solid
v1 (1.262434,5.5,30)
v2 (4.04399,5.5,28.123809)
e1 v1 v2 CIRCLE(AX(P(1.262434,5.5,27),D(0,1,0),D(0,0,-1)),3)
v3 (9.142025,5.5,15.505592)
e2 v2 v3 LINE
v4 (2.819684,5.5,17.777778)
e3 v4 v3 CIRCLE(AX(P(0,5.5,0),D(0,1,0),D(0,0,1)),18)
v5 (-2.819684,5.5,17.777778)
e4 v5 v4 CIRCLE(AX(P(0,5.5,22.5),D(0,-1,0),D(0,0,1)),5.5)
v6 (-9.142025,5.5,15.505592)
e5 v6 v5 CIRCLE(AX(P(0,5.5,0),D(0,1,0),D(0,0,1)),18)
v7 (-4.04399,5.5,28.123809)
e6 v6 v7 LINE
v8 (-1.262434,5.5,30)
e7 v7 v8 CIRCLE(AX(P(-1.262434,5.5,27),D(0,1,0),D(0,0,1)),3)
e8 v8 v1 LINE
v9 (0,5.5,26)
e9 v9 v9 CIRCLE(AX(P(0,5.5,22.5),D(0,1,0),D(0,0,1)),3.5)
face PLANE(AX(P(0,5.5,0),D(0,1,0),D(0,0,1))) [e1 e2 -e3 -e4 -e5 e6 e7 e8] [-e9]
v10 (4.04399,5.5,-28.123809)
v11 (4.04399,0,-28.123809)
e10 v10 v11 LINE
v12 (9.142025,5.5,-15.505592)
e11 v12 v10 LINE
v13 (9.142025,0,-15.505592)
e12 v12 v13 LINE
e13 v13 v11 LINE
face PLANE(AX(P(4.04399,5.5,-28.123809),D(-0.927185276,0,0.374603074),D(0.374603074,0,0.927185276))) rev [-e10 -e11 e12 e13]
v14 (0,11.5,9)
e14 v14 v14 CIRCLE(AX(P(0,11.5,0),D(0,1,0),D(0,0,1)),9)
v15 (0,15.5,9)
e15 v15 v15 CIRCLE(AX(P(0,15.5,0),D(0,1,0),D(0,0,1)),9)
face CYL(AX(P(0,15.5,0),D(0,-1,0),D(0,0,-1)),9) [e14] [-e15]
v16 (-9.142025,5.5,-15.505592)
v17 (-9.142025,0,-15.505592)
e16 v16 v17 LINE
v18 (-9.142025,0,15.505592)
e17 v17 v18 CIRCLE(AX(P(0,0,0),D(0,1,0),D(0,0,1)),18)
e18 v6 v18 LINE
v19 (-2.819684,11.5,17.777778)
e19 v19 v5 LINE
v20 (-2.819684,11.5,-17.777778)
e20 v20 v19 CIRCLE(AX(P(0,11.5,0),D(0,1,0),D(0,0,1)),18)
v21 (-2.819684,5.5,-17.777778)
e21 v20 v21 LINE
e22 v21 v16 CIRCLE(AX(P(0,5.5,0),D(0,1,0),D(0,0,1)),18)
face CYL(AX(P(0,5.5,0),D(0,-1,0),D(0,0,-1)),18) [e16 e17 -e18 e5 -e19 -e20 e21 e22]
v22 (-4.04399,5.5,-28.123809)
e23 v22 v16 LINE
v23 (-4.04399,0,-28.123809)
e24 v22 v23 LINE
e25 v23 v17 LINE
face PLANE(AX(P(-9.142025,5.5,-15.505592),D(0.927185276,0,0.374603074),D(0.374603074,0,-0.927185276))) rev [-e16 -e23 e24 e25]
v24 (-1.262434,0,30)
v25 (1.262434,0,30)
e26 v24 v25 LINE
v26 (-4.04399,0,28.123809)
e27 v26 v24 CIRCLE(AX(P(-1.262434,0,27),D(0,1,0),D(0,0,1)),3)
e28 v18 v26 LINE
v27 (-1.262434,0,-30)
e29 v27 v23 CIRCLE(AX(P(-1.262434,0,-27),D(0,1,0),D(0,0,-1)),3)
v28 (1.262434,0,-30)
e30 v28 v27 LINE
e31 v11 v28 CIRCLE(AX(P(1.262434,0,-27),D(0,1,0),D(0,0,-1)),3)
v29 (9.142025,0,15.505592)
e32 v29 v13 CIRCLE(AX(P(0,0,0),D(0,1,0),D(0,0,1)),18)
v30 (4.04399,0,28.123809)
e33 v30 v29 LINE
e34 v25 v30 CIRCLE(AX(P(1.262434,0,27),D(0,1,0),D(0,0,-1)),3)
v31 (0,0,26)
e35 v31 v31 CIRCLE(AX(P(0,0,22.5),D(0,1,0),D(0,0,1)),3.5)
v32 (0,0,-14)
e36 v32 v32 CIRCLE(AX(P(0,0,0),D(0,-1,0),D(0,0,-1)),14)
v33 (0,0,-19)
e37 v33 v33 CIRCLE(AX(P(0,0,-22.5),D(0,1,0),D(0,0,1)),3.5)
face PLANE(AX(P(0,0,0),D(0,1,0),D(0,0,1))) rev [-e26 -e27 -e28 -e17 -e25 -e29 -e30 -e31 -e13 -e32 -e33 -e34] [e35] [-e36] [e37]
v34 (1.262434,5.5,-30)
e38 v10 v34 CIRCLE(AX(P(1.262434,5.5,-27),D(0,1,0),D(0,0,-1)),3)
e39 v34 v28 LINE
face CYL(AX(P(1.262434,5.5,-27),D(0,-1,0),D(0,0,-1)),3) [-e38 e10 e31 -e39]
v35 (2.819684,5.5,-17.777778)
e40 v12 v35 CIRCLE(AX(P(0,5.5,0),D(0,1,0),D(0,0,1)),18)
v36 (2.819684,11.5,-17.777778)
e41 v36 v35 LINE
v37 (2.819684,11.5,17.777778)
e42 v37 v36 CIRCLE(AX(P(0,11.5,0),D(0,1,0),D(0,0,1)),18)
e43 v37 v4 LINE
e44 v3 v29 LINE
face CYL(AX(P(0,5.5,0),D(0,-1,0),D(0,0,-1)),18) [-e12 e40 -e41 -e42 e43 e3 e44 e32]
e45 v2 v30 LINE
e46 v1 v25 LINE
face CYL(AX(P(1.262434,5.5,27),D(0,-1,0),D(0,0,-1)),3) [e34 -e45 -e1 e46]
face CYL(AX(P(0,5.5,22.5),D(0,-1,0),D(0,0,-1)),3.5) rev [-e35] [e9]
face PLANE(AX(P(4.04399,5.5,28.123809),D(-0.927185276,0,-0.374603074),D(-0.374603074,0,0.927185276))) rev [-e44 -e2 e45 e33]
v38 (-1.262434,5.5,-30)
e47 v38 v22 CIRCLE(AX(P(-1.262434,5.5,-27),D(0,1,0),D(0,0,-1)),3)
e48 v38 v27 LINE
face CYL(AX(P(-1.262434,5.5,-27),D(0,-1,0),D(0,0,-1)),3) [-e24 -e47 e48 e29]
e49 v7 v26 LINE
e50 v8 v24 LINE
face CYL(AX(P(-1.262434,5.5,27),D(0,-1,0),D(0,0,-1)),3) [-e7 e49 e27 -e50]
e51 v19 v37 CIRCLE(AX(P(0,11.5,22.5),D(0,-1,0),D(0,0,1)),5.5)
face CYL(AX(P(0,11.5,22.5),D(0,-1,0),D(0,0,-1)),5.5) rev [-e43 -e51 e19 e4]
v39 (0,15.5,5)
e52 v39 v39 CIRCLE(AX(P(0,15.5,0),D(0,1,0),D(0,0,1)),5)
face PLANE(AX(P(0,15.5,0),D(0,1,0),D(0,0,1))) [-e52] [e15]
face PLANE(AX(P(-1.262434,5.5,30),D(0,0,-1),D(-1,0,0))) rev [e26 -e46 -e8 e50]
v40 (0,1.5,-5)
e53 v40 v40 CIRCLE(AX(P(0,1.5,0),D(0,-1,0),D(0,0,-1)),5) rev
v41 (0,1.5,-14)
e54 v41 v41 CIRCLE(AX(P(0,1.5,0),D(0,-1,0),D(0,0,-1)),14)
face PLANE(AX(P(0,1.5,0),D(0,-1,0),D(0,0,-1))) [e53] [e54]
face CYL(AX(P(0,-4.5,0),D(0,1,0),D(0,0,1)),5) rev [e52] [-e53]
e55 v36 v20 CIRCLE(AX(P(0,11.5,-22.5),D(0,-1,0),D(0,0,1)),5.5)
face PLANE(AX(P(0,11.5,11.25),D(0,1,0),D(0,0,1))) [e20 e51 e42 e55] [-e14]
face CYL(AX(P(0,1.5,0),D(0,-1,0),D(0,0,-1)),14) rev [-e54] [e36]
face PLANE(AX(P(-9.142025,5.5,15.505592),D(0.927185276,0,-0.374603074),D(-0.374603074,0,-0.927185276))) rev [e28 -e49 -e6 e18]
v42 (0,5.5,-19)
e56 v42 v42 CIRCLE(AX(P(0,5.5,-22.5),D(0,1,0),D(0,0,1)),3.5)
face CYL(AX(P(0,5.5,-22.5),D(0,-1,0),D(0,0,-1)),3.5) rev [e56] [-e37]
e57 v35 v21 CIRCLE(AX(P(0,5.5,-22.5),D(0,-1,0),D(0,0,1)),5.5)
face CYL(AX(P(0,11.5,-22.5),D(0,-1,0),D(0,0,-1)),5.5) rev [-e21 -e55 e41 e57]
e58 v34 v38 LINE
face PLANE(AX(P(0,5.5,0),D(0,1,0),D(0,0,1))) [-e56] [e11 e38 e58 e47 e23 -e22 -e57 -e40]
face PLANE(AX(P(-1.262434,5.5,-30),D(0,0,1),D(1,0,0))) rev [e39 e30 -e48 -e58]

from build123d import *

# Parameters (mm, degrees)
SKETCH1_R      = 3.5
EXTRUDE1_DEPTH = 5.5
EXTRUDE2_DEPTH = 6
SKETCH3_R      = 9
EXTRUDE3_DEPTH = 4
SKETCH4_R      = 5
EXTRUDE4_DEPTH = 20
SKETCH5_R      = 14
EXTRUDE5_DEPTH = 1.5


with BuildPart() as part:
    # Sketch1 → Extrude1 (new body)
    with BuildSketch(Plane(origin=(0, 0, 0), x_dir=(1, 0, 0), z_dir=(0, 1, 0))):
        with BuildLine():
            Line((-9.142025191, 15.505591746), (-4.043990115, 28.123809223))
            ThreePointArc((-4.043990115, 28.123809223), (-2.940017716, 29.487109534), (-1.262434286, 30))
            Line((-1.262434286, 30), (1.262434286, 30))
            ThreePointArc((1.262434286, 30), (2.940017716, 29.487109534), (4.043990115, 28.123809223))
            Line((4.043990115, 28.123809223), (9.142025191, 15.505591746))
            ThreePointArc((9.142025191, 15.505591746), (18, 0), (9.142025191, -15.505591746))
            Line((9.142025191, -15.505591746), (4.043990115, -28.123809223))
            ThreePointArc((4.043990115, -28.123809223), (2.940017716, -29.487109534), (1.262434286, -30))
            Line((1.262434286, -30), (-1.262434286, -30))
            ThreePointArc((-1.262434286, -30), (-2.940017716, -29.487109534), (-4.043990115, -28.123809223))
            Line((-4.043990115, -28.123809223), (-9.142025191, -15.505591746))
            ThreePointArc((-9.142025191, -15.505591746), (-18, 0), (-9.142025191, 15.505591746))
        make_face()
        with Locations(Location((0, 22.5, 0), (0, 0, 270))):
            Circle(SKETCH1_R, mode=Mode.SUBTRACT)
        with Locations(Location((0, -22.5, 0), (0, 0, 270))):
            Circle(SKETCH1_R, mode=Mode.SUBTRACT)
    extrude(amount=EXTRUDE1_DEPTH)

    # Sketch2 → Extrude2 (add)
    with BuildSketch(Plane(origin=(0, 5.5, 0), x_dir=(1, 0, 0), z_dir=(0, 1, 0))):
        with BuildLine():
            ThreePointArc((2.819683898, -17.777777778), (18, 0), (2.819683898, 17.777777778))
            ThreePointArc((2.819683898, 17.777777778), (0, 17), (-2.819683898, 17.777777778))
            ThreePointArc((-2.819683898, 17.777777778), (-18, 0), (-2.819683898, -17.777777778))
            ThreePointArc((-2.819683898, -17.777777778), (0, -17), (2.819683898, -17.777777778))
        make_face()
    extrude(amount=EXTRUDE2_DEPTH)

    # Sketch3 → Extrude3 (add)
    with BuildSketch(Plane(origin=(0, 11.5, 0), x_dir=(1, 0, 0), z_dir=(0, 1, 0))):
        with Locations(Location((0, 0, 0), (0, 0, 270))):
            Circle(SKETCH3_R)
    extrude(amount=EXTRUDE3_DEPTH)

    # Sketch4 → Extrude4 (cut)
    with BuildSketch(Plane(origin=(0, 15.5, 0), x_dir=(1, 0, 0), z_dir=(0, 1, 0))):
        with Locations(Location((0, 0, 0), (0, 0, 270))):
            Circle(SKETCH4_R)
    extrude(amount=-EXTRUDE4_DEPTH, mode=Mode.SUBTRACT)

    # Sketch5 → Extrude5 (cut)
    with BuildSketch(Plane.XZ):
        with Locations(Location((0, 0, 0), (0, 0, 270))):
            Circle(SKETCH5_R)
    extrude(amount=-EXTRUDE5_DEPTH, mode=Mode.SUBTRACT)


solid = part.part
